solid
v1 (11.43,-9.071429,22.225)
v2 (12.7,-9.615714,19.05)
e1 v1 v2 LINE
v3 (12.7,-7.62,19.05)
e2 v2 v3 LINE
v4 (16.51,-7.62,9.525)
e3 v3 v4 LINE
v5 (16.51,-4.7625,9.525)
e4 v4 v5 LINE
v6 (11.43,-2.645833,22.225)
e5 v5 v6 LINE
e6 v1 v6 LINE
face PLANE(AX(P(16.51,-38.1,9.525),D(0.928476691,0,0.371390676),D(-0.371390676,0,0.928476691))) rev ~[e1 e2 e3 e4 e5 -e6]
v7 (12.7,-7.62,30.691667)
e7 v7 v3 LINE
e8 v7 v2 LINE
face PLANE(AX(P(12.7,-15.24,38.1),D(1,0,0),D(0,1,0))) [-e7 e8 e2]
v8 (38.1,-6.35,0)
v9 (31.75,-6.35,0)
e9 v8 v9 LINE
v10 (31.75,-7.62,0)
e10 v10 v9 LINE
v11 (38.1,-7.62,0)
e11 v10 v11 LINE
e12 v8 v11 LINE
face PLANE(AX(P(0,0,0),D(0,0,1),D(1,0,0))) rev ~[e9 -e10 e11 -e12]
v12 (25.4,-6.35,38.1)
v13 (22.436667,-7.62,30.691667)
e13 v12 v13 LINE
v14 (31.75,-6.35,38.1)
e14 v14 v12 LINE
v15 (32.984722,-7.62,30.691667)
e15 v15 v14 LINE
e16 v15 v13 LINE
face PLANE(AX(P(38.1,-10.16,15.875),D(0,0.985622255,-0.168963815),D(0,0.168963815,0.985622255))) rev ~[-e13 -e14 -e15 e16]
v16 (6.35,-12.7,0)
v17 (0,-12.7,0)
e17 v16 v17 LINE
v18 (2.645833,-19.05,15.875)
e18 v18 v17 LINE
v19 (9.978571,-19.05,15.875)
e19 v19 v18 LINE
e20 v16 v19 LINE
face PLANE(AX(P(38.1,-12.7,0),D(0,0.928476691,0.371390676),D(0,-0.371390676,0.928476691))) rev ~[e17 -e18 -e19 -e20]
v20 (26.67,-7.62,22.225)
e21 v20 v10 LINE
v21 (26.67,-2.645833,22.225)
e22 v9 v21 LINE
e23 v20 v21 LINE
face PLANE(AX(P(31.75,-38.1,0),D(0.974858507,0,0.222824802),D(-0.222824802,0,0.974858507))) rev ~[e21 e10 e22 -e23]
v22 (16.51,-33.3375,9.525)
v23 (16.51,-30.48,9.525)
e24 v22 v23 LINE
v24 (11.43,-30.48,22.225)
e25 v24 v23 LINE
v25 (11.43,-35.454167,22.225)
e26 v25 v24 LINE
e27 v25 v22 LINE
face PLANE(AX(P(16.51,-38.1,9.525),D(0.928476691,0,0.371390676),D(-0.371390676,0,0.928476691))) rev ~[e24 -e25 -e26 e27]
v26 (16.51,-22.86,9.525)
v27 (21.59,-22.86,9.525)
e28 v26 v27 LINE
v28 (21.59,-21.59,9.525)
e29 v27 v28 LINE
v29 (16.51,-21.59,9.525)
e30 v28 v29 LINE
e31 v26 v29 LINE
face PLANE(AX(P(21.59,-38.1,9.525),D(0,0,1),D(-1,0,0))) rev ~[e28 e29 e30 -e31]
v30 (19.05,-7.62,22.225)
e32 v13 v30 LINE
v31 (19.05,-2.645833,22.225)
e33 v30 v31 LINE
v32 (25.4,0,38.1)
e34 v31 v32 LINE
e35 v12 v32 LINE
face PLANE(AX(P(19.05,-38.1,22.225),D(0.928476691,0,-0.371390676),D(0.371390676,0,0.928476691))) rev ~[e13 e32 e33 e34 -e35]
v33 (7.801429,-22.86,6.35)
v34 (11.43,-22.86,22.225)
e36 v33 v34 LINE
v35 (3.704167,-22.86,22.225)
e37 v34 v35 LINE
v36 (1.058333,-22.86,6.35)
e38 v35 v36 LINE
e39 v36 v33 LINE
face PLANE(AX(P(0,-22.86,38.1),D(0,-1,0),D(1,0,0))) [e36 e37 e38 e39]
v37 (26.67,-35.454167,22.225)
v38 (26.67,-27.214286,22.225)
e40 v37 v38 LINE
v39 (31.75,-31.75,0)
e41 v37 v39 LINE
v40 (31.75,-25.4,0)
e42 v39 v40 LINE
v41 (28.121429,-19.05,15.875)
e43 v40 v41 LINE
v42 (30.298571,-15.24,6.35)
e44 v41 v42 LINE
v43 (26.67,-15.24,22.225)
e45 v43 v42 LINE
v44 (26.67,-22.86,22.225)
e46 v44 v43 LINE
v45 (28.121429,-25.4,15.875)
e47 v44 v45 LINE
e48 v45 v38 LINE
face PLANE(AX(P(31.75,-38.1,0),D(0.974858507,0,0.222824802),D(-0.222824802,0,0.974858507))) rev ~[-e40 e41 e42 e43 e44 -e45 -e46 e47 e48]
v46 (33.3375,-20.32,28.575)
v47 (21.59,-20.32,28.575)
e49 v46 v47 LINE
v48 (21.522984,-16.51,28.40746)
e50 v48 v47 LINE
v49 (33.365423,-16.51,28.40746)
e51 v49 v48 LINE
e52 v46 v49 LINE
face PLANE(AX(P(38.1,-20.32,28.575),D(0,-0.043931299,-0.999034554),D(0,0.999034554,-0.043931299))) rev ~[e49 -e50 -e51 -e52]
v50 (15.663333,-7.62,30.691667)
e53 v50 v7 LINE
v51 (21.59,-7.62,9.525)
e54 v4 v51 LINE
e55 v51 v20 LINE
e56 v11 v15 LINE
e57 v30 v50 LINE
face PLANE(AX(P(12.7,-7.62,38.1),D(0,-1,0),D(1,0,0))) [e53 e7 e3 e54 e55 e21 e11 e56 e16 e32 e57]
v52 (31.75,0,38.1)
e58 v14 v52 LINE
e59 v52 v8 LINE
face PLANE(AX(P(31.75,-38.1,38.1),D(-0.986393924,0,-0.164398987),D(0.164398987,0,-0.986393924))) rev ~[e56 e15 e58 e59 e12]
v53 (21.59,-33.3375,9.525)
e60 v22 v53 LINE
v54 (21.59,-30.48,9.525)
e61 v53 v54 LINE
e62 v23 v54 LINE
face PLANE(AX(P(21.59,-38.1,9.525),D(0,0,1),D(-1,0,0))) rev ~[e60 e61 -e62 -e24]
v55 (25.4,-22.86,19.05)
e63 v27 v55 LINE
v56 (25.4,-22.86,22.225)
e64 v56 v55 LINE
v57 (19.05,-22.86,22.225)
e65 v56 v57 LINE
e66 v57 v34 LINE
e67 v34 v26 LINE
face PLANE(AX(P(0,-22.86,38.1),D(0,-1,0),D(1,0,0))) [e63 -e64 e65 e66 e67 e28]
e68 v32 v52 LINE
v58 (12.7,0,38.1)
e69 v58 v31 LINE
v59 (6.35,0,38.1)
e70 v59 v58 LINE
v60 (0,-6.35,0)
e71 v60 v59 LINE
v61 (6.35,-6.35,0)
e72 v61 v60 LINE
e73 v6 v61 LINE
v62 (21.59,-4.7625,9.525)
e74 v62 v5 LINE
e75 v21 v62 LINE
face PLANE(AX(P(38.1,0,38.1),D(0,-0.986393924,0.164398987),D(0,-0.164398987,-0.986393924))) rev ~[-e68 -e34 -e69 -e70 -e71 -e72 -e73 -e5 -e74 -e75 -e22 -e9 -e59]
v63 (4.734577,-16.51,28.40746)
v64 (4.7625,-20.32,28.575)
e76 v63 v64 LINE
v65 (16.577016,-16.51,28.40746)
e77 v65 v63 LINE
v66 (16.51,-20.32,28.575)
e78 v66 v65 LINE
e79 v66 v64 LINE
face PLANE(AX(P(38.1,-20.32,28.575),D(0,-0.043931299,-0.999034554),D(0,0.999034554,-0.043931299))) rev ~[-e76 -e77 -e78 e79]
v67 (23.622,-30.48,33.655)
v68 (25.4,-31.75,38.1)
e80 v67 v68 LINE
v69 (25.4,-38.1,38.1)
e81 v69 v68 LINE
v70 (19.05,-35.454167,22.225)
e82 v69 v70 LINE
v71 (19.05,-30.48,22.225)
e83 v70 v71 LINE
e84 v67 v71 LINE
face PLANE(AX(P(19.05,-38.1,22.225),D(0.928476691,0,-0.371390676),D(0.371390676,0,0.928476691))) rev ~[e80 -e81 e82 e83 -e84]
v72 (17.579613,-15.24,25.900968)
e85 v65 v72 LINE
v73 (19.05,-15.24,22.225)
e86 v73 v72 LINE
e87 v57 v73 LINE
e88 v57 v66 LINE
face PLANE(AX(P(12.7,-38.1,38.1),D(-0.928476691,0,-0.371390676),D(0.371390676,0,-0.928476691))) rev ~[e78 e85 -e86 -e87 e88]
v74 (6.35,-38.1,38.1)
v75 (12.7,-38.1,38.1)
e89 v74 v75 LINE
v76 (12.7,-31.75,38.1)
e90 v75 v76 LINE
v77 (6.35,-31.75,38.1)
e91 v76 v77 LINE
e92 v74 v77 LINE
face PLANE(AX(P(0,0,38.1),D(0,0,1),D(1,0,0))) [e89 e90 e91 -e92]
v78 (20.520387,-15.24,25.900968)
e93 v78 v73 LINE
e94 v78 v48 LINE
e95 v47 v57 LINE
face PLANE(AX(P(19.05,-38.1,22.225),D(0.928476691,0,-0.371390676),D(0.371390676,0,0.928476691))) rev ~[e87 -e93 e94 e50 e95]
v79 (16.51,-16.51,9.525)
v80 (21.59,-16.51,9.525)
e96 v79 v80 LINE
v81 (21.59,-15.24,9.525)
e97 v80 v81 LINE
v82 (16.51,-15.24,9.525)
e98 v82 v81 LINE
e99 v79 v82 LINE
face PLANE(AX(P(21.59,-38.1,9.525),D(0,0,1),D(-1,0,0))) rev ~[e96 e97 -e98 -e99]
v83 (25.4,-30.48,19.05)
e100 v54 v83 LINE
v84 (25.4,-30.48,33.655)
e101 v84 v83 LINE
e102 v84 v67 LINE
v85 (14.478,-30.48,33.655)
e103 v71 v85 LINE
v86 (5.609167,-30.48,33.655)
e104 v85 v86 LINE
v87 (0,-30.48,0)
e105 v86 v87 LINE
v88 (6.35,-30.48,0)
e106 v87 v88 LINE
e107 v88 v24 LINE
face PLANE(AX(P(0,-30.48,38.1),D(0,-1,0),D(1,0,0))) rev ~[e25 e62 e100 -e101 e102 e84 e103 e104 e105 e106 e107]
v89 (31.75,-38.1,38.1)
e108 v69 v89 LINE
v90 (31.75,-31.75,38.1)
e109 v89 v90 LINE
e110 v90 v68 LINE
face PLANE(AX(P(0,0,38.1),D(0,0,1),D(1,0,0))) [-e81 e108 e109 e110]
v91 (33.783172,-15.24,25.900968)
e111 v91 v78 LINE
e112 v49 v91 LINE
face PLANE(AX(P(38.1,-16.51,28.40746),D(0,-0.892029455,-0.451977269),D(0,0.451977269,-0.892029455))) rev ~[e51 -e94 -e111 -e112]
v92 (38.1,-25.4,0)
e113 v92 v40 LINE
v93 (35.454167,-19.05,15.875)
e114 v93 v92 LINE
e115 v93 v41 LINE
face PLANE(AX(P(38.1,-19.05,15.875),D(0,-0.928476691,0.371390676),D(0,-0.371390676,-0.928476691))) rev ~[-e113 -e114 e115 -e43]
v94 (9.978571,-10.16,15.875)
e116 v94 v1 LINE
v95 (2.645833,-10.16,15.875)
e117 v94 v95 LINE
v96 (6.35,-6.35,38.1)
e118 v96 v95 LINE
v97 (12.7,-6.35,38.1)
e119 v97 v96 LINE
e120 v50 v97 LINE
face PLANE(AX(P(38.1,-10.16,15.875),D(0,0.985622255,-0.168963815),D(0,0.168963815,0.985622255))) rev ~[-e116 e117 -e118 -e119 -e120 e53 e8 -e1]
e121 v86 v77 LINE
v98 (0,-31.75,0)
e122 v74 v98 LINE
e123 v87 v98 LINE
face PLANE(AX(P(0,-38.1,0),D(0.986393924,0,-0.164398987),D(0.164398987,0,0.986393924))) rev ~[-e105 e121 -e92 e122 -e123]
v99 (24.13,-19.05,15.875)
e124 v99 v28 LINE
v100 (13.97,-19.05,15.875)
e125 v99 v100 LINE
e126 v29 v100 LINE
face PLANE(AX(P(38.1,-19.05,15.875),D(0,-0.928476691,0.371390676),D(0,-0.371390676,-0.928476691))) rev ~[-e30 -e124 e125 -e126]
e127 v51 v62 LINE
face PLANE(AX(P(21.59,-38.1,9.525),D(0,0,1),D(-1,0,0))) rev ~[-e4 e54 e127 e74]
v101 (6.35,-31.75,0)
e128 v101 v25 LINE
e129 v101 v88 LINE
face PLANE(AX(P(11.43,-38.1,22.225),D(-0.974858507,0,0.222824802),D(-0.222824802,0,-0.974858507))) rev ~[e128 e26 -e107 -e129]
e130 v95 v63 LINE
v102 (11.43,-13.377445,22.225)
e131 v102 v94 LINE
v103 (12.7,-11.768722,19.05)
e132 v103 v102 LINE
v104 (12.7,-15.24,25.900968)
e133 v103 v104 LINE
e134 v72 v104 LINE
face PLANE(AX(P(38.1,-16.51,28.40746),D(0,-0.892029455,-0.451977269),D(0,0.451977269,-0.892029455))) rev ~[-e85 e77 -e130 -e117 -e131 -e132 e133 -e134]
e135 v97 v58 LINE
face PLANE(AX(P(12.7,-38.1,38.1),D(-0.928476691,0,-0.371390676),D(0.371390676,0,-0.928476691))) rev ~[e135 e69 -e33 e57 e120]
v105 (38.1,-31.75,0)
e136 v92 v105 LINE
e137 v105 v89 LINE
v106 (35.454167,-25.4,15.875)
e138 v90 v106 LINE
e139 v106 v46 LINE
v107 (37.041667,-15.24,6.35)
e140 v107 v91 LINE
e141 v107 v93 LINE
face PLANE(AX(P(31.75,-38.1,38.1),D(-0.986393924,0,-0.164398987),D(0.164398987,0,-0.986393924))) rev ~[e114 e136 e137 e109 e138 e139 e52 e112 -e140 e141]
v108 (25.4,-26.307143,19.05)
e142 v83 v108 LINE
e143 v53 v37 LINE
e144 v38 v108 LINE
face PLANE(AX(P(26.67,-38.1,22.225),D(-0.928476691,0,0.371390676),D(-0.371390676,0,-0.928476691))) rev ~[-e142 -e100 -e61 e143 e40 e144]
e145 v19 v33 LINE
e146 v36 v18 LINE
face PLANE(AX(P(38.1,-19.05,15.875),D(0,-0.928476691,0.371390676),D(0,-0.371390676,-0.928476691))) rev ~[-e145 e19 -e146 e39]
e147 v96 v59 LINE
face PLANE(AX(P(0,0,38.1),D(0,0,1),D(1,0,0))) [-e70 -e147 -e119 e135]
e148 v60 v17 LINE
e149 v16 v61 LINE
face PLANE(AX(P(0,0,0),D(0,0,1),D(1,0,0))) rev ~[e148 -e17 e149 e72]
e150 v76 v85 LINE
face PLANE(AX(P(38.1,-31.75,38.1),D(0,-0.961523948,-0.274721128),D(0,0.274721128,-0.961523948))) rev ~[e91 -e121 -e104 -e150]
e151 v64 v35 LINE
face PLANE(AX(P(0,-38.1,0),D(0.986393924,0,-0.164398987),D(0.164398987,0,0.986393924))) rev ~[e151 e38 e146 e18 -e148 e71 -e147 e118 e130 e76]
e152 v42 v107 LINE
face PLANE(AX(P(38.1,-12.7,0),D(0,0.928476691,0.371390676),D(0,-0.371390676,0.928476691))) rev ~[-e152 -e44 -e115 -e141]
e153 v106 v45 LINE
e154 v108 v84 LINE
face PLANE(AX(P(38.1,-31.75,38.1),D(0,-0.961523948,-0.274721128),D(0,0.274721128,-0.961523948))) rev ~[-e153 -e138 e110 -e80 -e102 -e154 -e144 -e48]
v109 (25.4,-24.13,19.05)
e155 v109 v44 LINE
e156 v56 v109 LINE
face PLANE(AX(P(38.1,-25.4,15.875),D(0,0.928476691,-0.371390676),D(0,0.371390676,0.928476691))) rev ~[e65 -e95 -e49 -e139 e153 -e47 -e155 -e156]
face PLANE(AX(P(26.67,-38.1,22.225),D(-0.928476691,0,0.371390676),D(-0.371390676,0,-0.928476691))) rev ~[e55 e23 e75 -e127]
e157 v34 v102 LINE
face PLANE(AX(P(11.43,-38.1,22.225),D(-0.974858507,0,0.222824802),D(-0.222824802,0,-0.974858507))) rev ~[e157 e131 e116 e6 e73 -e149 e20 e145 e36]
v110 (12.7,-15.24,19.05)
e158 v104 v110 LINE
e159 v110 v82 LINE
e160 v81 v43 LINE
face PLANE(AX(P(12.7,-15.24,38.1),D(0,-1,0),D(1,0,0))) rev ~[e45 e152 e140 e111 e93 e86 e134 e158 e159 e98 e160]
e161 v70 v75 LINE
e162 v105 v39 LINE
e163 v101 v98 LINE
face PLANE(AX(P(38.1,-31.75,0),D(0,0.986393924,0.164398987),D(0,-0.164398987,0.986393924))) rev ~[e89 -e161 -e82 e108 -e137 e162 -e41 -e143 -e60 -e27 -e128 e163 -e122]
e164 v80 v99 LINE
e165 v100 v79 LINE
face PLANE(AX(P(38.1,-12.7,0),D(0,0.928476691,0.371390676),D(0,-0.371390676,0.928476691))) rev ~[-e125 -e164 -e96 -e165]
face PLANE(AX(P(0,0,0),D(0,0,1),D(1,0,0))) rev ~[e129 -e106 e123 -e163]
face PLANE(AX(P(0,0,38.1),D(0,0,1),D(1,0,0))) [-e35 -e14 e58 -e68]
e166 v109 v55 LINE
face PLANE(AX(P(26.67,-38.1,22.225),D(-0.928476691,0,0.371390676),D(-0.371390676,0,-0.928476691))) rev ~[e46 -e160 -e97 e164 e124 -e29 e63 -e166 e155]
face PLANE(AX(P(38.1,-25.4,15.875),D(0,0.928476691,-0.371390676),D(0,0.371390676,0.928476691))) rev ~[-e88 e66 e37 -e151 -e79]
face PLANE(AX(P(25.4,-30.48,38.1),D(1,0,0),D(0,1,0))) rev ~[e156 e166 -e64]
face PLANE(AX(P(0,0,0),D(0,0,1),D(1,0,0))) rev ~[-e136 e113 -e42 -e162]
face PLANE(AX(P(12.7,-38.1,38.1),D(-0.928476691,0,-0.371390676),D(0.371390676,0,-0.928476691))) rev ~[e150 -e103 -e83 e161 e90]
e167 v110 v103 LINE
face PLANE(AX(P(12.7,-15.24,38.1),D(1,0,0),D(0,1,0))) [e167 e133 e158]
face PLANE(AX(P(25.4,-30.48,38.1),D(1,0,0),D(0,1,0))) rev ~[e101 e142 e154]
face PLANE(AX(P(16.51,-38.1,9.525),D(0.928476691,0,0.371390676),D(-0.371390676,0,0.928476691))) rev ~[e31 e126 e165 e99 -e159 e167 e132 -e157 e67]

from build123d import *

# Parameters (mm, degrees)
F0_W      = 38.1
F0_H      = 38.1
F1_DEPTH  = 38.1
F6_DEPTH  = 38.1
F8_DEPTH  = 38.1
F9_W      = 25.4
F9_H      = 7.62
F10_DEPTH = 38.1


with BuildPart() as f1:
    # F0 (on Front) → F1 (new body)
    with BuildSketch(Plane.XZ):
        with Locations((19.05, 19.05)):
            Rectangle(F0_W, F0_H)
    extrude(amount=F1_DEPTH)

    # F5 (on offset) → F6 (cut)
    with BuildSketch(Plane.YZ.offset(38.1)):
        Polygon((-31.75, 0), (-38.1, 38.1), (-38.1, 0), align=None)
        Polygon((-19.05, 15.875), (-25.4, 0), (-12.7, 0), align=None)
        Polygon((0, 38.1), (-6.35, 0), (0, 0), align=None)
        Polygon((-6.35, 38.1), (-16.51, 38.1), (-16.51, 28.40746), (-10.16, 15.875), align=None)
        Polygon((-21.59, 38.1), (-31.75, 38.1), (-25.4, 15.875), (-20.336536, 28.53366), (-21.59, 28.575), align=None)
        Polygon((-16.51, 38.1), (-21.59, 38.1), (-21.59, 28.575), (-20.336536, 28.53366), (-20.32, 28.575), (-16.51, 28.40746), align=None)
    extrude(amount=-F6_DEPTH, mode=Mode.SUBTRACT)

    # F7 (on offset) → F8 (cut)
    with BuildSketch(Plane.XZ.offset(38.1)):
        Polygon((31.75, 38.1), (38.1, 0), (38.1, 38.1), align=None)
        Polygon((25.4, 38.1), (12.7, 38.1), (19.05, 22.225), align=None)
        Polygon((0, 38.1), (0, 0), (6.35, 38.1), align=None)
        Polygon((11.43, 22.225), (6.35, 0), (31.75, 0), (26.67, 22.225), (21.59, 9.525), (16.51, 9.525), align=None)
    extrude(amount=-F8_DEPTH, mode=Mode.SUBTRACT)

    # F9 (on offset) → F10 (cut)
    with BuildSketch(Plane.XY.offset(38.1)):
        with Locations((25.4, -11.43)):
            Rectangle(F9_W, F9_H)
        with Locations((12.7, -26.67)):
            Rectangle(F9_W, F9_H)
    extrude(amount=-F10_DEPTH, mode=Mode.SUBTRACT)


solid = f1.part
